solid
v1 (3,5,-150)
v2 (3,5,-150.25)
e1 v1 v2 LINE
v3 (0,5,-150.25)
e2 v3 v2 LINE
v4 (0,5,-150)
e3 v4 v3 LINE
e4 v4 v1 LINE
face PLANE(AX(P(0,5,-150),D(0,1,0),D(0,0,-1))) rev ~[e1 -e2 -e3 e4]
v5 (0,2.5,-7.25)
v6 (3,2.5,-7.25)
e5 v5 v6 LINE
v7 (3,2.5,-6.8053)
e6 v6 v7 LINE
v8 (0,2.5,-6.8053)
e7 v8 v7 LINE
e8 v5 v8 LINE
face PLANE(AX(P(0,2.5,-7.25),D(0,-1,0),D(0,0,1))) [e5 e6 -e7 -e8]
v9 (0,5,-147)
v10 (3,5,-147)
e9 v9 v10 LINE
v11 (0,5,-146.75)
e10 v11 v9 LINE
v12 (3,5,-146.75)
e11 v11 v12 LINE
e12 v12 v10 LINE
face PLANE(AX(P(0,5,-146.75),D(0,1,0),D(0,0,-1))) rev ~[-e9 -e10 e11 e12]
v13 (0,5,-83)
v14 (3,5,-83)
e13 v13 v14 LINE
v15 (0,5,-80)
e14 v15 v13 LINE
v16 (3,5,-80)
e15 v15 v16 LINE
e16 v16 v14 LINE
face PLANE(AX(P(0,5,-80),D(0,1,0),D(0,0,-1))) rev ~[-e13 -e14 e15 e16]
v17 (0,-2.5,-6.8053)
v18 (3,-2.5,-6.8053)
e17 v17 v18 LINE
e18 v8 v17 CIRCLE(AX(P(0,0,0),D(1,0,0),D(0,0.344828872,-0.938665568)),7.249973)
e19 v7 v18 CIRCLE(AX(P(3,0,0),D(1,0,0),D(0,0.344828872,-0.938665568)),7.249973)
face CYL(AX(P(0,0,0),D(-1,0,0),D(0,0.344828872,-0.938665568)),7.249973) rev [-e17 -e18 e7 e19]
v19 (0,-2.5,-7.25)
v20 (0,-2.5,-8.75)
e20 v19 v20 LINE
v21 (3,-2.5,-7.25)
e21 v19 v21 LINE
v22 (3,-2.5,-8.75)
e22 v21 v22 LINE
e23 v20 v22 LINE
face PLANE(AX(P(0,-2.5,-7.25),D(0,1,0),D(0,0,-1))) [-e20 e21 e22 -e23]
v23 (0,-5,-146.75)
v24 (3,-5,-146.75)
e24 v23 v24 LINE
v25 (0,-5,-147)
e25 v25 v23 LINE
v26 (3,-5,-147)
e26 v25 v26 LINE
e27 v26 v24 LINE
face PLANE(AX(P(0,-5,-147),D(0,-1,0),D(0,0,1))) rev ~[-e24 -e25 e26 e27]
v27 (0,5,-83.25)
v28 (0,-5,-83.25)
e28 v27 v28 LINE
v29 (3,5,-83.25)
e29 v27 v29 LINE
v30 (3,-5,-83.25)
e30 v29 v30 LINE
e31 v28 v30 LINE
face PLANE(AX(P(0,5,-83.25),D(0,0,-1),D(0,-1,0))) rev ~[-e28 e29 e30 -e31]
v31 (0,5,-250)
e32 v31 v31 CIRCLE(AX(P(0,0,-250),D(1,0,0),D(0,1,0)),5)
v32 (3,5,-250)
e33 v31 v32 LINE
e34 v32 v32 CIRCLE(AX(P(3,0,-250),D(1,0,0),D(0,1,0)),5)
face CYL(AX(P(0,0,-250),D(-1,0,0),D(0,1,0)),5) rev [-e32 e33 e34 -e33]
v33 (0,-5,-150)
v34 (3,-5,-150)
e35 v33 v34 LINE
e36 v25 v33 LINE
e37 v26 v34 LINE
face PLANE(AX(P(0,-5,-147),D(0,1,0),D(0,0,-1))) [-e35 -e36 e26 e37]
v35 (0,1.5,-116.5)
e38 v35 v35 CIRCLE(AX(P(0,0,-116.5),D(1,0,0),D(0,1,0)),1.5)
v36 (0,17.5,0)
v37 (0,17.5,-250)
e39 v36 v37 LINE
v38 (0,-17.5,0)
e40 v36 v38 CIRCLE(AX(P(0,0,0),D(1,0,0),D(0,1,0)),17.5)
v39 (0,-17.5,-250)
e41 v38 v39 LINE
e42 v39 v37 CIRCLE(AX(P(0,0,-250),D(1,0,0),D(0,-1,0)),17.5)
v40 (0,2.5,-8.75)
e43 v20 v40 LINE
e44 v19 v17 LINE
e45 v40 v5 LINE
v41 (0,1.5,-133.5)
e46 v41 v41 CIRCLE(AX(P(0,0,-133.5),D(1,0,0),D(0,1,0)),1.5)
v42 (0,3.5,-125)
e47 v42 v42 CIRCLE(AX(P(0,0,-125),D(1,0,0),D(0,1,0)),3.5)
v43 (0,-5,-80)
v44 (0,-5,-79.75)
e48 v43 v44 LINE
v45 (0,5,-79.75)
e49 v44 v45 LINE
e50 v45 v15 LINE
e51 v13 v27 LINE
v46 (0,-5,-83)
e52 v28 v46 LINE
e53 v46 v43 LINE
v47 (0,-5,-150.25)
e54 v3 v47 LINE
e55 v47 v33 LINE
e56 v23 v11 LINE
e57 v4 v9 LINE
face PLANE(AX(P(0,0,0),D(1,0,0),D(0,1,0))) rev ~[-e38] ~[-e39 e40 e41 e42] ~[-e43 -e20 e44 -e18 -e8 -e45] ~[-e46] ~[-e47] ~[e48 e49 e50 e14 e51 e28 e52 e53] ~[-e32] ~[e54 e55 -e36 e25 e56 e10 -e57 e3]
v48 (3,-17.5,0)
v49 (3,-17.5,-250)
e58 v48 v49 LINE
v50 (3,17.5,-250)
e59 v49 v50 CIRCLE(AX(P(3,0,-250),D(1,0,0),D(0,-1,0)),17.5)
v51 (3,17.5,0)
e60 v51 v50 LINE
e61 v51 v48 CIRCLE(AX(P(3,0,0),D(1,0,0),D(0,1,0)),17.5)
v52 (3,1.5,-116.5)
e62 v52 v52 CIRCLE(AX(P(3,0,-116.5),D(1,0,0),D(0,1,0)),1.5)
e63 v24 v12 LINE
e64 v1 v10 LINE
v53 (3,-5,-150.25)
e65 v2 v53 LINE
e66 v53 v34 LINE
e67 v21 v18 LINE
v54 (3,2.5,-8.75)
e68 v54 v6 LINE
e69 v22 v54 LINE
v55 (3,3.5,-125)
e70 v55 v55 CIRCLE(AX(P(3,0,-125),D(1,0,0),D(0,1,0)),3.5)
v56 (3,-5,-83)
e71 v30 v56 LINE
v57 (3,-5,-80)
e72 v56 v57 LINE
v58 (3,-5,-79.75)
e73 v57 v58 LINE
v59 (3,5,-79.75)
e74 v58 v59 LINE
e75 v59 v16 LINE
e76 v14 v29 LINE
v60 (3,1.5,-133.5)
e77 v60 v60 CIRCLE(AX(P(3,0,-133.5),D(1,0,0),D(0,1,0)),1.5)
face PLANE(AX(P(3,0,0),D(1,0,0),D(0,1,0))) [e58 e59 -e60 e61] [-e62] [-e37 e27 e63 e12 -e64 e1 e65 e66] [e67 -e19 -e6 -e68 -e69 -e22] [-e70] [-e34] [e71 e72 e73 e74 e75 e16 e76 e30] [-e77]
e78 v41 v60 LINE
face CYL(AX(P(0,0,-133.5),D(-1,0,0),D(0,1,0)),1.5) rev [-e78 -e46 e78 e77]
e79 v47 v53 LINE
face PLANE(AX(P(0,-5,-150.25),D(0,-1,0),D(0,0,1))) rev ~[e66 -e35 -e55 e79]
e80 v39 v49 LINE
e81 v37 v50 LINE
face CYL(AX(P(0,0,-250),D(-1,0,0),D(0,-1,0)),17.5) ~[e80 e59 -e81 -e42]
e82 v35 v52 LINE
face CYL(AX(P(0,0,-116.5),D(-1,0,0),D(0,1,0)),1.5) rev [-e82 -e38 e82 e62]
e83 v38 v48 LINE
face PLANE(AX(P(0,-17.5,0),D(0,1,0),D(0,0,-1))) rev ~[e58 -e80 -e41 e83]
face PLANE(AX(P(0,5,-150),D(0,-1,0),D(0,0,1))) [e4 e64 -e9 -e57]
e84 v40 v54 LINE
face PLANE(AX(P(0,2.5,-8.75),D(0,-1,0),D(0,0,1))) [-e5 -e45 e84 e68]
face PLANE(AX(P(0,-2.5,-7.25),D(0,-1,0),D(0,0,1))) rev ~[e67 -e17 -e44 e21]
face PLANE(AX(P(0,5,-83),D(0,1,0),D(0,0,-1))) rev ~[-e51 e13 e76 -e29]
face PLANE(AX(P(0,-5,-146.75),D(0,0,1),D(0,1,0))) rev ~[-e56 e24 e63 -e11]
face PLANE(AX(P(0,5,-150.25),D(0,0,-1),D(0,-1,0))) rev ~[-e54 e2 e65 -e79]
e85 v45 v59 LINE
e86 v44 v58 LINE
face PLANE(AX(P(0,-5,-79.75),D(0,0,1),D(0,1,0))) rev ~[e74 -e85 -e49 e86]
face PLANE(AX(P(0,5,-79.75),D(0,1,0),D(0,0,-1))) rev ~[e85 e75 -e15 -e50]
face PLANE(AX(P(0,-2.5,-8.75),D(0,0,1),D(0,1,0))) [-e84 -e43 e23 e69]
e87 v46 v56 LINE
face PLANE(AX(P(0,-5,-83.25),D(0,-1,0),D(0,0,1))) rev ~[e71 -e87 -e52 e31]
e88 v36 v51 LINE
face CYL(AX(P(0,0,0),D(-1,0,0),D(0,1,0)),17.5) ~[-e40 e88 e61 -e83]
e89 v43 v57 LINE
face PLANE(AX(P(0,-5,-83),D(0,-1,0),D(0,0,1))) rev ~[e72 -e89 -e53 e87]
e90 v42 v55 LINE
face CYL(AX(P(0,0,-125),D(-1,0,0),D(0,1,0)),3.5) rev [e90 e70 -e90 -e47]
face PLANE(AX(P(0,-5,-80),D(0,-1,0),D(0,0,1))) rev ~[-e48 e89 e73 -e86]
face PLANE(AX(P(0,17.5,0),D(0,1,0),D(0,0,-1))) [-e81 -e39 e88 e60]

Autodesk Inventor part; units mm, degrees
ref_plane "YZ Plane" through (0, 0, 0) normal (1, 0, 0) x (0, 1, 0)
ref_plane "XZ Plane" through (0, 0, 0) normal (0, 1, 0) x (-1, 0, 0)
ref_plane "XY Plane" through (0, 0, 0) normal (0, 0, 1) x (1, 0, 0)
sketch "Sketch1" plane through (0, 0, 0) normal (1, 0, 0) x (0, 1, 0)
  line L0 (0, 0) -> (0, -250) construction
  circle A0 centre (0, -250) radius 5
  arc A1 (0, -17.5) -> (17.5, 0) centre (0, 0) ccw construction
  arc A2 (0, -232.5) -> (-17.5, -250) centre (0, -250) ccw construction
  line L1 (17.5, 0) -> (17.5, -250)
  line L2 (-17.5, 0) -> (-17.5, -250)
  arc A3 (-17.5, 0) -> (0, -17.5) centre (0, 0) ccw construction
  arc A4 (17.5, 0) -> (-17.5, 0) centre (0, 0) ccw
  arc A5 (17.5, -250) -> (0, -232.5) centre (0, -250) ccw construction
  arc A6 (-17.5, -250) -> (17.5, -250) centre (0, -250) ccw
  line L3 (0, 0) -> (0, -80) construction
  line L4 (0, -80) -> (5, -80) construction
  line L5 (5, -80) -> (5, -83)
  line L6 (5, -83) -> (-5, -83) construction
  line L7 (-5, -83) -> (-5, -80)
  line L8 (-5, -80) -> (0, -80) construction
  line L9 (0, -250) -> (0, -150) construction
  line L10 (0, -150) -> (5, -150) construction
  line L11 (5, -150) -> (5, -147)
  line L12 (5, -147) -> (-5, -147) construction
  line L13 (-5, -147) -> (-5, -150)
  line L14 (0, -150) -> (-5, -150) construction
  line L15 (0, -250) -> (0, -125) construction
  circle A7 centre (0, -125) radius 3.5
  line L16 (0, -125) -> (0, -133.5) construction
  line L17 (0, -125) -> (0, -116.5) construction
  circle A8 centre (0, -116.5) radius 1.5
  circle A9 centre (0, -133.5) radius 1.5
  line L18 (7.5, 0) -> (13.5, 0) construction
  arc A10 (2.5, -6.8053) -> (-2.5, -6.8053) centre (0, 0) ccw
  line L19 (0, -7.25) -> (2.5, -7.25) construction
  line L20 (2.5, -7.25) -> (-2.5, -7.25) construction
  line L21 (-2.5, -7.25) -> (-2.5, -8.75)
  line L22 (-2.5, -8.75) -> (2.5, -8.75)
  line L23 (2.5, -8.75) -> (2.5, -7.25)
  line L24 (2.5, -7.25) -> (2.5, -6.8053)
  line L25 (-2.5, -7.25) -> (-2.5, -6.8053)
  arc A11 (0, -7.25) -> (2.5, -6.8053) centre (0, 0) ccw construction
  arc A12 (-2.5, -6.8053) -> (0, -7.25) centre (0, 0) ccw construction
  line L26 (-5, -80) -> (-5, -79.75)
  line L27 (-5, -79.75) -> (5, -79.75)
  line L28 (5, -79.75) -> (5, -80)
  line L29 (5, -83) -> (5, -83.25)
  line L30 (5, -83.25) -> (-5, -83.25)
  line L31 (-5, -83.25) -> (-5, -83)
  line L32 (5, -150) -> (5, -150.25)
  line L33 (5, -150.25) -> (-5, -150.25)
  line L34 (-5, -150.25) -> (-5, -150)
  line L35 (-5, -147) -> (-5, -146.75)
  line L36 (-5, -146.75) -> (5, -146.75)
  line L37 (5, -146.75) -> (5, -147)
  dimension "d1" = 250
  dimension "d2" = 10
  dimension "d3" = 35
  dimension "d4" = 35
  dimension "d5" = 80
  dimension "d6" = 5
  dimension "d7" = 3
  dimension "d8" = 10
  dimension "d9" = 100
  dimension "d10" = 3
  dimension "d11" = 10
  dimension "d21" = 125
  dimension "d22" = 7
  dimension "d23" = 8.5
  dimension "d24" = 8.5
  dimension "d25" = 3
  dimension "d26" = 3
  dimension "d29" = 14.5
  dimension "d30" = 2.5
  dimension "d31" = 5
  dimension "d32" = 1.5
  dimension "d33" = 0.25
  dimension "d34" = 10
  dimension "d35" = 0.25
  dimension "d36" = 0.25
  dimension "d37" = 10
  dimension "d38" = 0.25
  dimension "d39" = 0.25
  dimension "d40" = 10
  dimension "d41" = 0.25
  dimension "d42" = 0.25
  dimension "d43" = 10
  dimension "d44" = 0.25
extrude "Extrusion1" add sketch "Sketch1" along normal blind 3
properties part number "brazo2" material "PMMA Plastic"
